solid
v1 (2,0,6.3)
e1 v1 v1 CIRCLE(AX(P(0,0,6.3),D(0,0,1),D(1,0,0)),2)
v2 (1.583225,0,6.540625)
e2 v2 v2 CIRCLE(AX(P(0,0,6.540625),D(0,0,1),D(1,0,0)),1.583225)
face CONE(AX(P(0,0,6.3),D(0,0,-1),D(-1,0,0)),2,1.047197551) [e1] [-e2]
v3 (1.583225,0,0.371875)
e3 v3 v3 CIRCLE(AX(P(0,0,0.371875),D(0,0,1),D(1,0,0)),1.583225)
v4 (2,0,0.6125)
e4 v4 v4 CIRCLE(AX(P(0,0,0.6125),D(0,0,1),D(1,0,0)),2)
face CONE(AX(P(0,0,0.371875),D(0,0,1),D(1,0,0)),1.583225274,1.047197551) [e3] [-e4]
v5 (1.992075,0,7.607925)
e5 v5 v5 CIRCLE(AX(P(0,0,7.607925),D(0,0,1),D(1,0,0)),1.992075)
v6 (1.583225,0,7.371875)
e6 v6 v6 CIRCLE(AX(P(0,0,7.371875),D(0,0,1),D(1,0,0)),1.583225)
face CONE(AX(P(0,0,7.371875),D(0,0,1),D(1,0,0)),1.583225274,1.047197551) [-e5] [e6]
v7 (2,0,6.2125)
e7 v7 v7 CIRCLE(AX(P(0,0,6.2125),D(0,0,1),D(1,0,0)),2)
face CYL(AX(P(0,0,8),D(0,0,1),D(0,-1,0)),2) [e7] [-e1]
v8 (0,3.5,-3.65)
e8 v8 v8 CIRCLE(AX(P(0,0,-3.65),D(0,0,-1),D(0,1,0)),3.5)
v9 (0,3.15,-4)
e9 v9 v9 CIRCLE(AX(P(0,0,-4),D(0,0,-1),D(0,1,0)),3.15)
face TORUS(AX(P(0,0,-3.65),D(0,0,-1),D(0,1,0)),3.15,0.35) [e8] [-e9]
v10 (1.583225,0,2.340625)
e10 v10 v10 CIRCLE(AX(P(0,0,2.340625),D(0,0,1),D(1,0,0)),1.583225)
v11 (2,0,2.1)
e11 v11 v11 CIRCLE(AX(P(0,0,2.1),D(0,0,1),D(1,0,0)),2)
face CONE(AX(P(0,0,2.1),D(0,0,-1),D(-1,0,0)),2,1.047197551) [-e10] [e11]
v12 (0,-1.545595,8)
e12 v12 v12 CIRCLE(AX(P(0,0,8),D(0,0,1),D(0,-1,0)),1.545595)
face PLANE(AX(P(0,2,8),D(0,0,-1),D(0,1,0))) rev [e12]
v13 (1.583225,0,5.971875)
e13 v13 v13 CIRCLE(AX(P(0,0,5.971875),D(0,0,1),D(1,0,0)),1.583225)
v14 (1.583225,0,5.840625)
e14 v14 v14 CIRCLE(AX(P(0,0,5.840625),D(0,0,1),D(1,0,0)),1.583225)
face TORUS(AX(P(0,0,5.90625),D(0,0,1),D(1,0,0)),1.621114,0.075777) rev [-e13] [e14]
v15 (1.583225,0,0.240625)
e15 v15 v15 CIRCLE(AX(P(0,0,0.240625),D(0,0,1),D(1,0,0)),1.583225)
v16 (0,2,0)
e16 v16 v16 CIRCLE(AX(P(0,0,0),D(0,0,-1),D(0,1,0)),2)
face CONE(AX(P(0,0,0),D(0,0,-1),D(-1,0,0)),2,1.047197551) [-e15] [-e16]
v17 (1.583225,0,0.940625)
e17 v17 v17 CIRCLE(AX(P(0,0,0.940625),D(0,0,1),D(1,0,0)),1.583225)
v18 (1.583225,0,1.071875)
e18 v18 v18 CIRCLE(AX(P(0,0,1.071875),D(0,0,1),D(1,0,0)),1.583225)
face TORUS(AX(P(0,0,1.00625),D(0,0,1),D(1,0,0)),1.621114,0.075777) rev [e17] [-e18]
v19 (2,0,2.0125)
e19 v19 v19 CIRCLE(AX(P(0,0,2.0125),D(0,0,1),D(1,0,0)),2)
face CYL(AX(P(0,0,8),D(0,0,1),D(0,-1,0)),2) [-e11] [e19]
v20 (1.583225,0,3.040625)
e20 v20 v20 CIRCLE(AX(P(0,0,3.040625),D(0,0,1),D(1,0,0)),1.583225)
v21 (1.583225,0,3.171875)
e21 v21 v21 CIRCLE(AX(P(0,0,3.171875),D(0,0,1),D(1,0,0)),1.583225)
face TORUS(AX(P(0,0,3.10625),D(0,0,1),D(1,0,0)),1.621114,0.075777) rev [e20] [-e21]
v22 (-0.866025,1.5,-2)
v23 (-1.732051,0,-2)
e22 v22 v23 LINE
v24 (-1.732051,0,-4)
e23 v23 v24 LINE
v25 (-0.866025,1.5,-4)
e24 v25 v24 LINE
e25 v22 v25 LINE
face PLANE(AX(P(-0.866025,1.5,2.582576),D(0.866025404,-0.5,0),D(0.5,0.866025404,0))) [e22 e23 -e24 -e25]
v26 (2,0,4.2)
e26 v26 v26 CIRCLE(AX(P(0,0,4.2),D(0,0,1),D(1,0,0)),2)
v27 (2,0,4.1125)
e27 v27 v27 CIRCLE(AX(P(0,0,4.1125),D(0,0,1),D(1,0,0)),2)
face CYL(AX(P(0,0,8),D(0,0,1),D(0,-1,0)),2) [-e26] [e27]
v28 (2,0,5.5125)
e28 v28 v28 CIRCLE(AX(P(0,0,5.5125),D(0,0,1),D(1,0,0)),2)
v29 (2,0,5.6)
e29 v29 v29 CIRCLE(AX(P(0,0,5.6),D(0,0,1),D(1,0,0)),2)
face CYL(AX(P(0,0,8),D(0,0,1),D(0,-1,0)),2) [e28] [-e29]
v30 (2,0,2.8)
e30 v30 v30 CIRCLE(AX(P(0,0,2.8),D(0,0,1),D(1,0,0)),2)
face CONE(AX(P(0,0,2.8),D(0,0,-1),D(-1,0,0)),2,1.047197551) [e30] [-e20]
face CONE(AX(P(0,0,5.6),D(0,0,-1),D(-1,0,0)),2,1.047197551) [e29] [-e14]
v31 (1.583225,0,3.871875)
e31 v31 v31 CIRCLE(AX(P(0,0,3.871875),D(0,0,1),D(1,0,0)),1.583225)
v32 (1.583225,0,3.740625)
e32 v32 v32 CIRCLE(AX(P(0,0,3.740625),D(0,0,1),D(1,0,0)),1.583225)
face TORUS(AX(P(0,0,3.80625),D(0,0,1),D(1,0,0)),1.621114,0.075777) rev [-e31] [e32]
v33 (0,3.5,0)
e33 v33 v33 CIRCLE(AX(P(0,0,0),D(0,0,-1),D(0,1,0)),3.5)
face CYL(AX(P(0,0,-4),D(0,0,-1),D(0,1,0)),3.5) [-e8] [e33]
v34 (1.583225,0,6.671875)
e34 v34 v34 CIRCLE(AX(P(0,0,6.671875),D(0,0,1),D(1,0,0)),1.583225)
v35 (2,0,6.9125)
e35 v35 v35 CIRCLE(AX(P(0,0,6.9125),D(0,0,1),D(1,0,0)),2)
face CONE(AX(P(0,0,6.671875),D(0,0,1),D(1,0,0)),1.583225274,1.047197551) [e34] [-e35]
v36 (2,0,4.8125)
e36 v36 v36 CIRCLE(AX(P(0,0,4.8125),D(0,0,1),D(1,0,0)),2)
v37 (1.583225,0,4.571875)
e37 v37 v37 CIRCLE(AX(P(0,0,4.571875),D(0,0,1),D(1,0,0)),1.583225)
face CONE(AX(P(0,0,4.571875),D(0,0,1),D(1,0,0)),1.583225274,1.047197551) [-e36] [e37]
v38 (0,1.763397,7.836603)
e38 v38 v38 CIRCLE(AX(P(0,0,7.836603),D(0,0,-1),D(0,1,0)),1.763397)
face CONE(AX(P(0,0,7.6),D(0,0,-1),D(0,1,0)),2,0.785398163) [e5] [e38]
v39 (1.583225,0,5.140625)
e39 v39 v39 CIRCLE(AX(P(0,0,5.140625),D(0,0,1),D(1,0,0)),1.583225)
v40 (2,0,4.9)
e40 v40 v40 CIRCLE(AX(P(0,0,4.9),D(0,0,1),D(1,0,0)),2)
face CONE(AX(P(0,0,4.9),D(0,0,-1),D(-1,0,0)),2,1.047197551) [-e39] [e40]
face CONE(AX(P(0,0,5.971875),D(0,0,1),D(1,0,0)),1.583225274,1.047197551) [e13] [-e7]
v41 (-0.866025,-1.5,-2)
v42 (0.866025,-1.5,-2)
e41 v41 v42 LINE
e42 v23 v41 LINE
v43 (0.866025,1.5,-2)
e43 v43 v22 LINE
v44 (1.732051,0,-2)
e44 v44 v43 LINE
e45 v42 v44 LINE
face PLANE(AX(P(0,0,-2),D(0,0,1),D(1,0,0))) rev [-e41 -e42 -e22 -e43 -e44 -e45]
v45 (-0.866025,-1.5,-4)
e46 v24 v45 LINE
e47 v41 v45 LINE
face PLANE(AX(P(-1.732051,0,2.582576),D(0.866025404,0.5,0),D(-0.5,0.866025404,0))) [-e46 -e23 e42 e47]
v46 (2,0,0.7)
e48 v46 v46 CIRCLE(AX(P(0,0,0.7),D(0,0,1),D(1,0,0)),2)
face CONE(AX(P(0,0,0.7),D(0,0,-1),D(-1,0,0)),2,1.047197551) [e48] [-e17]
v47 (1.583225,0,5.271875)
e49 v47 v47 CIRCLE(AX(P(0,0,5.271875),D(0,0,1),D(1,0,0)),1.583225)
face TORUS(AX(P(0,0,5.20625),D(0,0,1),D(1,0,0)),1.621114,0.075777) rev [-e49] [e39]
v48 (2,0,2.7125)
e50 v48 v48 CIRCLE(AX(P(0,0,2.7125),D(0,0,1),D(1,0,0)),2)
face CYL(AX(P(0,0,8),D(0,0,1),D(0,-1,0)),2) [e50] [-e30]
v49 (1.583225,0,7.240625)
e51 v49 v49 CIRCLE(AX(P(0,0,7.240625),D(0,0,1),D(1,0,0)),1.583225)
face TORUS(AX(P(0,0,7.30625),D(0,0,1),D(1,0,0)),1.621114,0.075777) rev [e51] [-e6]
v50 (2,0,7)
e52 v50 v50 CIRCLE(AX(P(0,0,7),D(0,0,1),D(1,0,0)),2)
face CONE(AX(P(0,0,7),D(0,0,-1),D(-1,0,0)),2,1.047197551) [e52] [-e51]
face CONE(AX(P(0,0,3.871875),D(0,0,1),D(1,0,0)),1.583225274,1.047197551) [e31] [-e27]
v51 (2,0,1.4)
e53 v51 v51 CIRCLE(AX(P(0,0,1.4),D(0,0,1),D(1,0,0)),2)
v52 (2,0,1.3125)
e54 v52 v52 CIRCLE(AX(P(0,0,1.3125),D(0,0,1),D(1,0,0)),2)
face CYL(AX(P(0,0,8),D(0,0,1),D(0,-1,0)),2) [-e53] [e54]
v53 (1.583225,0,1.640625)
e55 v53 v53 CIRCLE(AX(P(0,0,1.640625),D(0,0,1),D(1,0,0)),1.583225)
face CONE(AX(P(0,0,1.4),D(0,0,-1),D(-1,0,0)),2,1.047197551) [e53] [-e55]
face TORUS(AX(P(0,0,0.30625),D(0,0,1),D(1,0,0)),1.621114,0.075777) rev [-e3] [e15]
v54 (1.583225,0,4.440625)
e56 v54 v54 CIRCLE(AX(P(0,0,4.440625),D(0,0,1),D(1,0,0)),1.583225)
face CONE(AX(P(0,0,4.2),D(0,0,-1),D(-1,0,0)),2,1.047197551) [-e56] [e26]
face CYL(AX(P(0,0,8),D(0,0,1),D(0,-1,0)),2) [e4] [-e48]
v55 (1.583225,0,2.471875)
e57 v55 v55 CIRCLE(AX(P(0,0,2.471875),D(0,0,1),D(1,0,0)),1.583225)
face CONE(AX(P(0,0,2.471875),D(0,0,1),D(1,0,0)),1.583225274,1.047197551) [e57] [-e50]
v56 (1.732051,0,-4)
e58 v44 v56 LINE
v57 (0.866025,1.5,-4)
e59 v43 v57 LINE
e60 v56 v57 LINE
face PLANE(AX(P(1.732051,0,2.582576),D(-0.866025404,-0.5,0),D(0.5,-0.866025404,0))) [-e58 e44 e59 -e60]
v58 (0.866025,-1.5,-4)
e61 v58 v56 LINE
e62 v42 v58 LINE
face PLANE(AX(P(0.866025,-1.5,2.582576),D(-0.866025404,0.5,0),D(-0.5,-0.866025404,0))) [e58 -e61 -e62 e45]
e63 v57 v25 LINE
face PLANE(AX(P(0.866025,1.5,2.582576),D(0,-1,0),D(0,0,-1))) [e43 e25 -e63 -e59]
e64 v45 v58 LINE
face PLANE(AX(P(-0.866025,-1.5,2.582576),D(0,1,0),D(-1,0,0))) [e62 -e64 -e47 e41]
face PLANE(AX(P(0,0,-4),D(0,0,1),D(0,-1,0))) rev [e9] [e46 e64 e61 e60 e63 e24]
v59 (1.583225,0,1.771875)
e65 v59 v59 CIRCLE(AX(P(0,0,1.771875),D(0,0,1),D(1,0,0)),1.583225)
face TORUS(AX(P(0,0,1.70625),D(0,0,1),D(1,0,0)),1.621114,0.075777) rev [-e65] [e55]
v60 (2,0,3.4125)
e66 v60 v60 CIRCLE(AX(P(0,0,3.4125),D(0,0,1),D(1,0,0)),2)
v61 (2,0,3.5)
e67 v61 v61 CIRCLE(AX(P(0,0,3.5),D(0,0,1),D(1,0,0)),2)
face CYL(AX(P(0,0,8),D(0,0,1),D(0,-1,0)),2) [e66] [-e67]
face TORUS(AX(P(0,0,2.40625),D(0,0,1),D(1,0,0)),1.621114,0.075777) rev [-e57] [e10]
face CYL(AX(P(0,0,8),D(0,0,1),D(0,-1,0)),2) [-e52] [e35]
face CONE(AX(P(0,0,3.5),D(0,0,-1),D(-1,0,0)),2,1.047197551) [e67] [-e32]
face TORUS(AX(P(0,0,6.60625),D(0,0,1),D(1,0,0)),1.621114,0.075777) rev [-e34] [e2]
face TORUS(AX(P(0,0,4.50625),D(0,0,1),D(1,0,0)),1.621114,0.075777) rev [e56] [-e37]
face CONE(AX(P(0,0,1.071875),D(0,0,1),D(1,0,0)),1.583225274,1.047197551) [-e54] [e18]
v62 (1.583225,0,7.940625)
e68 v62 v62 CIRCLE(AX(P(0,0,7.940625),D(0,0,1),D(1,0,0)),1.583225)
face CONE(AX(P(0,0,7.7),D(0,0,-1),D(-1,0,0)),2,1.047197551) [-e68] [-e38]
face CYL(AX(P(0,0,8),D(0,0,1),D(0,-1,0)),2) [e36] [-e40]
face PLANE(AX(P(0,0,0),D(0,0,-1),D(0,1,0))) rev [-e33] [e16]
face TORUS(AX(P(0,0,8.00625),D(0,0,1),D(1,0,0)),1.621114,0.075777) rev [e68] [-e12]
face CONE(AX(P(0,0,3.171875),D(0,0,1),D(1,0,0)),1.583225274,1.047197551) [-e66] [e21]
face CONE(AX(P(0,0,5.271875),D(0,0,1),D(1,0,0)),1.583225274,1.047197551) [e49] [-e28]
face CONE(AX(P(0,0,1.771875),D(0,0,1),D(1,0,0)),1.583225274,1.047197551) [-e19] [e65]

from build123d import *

# Parameters (mm, degrees)
SKETCH5_W           = 8
SKETCH5_H           = 2
THREAD_SIMPLE_COUNT = 12
THREAD_SIMPLE_PITCH = 0.7
SKETCH15_W          = 4
SKETCH15_H          = 3.5
CUT_HEAD_KEY_DEPTH  = 2


with BuildPart() as part:
    # Sketch5 → body (revolve)
    with BuildSketch(Plane(origin=(0, 0, 0), x_dir=(0, 0, -1), z_dir=(1, 0, 0))):
        with Locations((-4, 1)):
            Rectangle(SKETCH5_W, SKETCH5_H)
    revolve(axis=Axis((0, 0, 8), (0, 0, -1)))

    # Sketch11 → cut-chamfer-start (revolve, cut)
    with BuildSketch(Plane(origin=(0, 0, 0), x_dir=(0, 0, -1), z_dir=(1, 0, 0))):
        Polygon((-8, -2), (-8, -1.6), (-7.6, -2), align=None)
    revolve(axis=Axis((0, 0, 8), (0, 0, -1)), mode=Mode.SUBTRACT)

    # Sketch8 → thread-single (revolve, cut)
    with BuildSketch(Plane(origin=(0, 0, 0), x_dir=(0, 0, -1), z_dir=(1, 0, 0))):
        with BuildLine():
            Line((-0.6125, -2), (0, -2))
            Line((0, -2), (-0.240625, -1.583225274))
            ThreePointArc((-0.240625, -1.583225274), (-0.30625, -1.545336663), (-0.371875, -1.583225274))
            Line((-0.371875, -1.583225274), (-0.6125, -2))
        make_face()
    thread_single = revolve(axis=Axis((0, 0, 8), (0, 0, -1)), mode=Mode.SUBTRACT)

    # thread-simple: thread-single ×12
    with Locations(*[(0, 0, i * THREAD_SIMPLE_PITCH) for i in range(1, THREAD_SIMPLE_COUNT)]):
        add(thread_single, mode=Mode.SUBTRACT)

    # Sketch15 → body-head (revolve)
    with BuildSketch(Plane(origin=(0, 0, 0), x_dir=(0, 0, -1), z_dir=(1, 0, 0))):
        with Locations((2, -1.75)):
            Rectangle(SKETCH15_W, SKETCH15_H)
    revolve(axis=Axis((0, 0, -4), (0, 0, 1)))

    # Sketch19 → cut-head-profile (revolve, cut)
    with BuildSketch(Plane(origin=(0, 0, 0), x_dir=(0, 0, -1), z_dir=(1, 0, 0))):
        with BuildLine():
            Line((4, -3.5), (4, -3.15))
            ThreePointArc((4, -3.15), (3.897487373, -3.397487373), (3.65, -3.5))
            Line((3.65, -3.5), (4, -3.5))
        make_face()
    revolve(axis=Axis((0, 0, -4), (0, 0, 1)), mode=Mode.SUBTRACT)

    # Sketch25 → cut-head-key (cut)
    with BuildSketch(Plane.XY.offset(-4)):
        Polygon((0.866025404, 1.5), (-0.866025404, 1.5), (-1.732050808, 0), (-0.866025404, -1.5), (0.866025404, -1.5), (1.732050808, 0), align=None)
    extrude(amount=CUT_HEAD_KEY_DEPTH, mode=Mode.SUBTRACT)


solid = part.part
